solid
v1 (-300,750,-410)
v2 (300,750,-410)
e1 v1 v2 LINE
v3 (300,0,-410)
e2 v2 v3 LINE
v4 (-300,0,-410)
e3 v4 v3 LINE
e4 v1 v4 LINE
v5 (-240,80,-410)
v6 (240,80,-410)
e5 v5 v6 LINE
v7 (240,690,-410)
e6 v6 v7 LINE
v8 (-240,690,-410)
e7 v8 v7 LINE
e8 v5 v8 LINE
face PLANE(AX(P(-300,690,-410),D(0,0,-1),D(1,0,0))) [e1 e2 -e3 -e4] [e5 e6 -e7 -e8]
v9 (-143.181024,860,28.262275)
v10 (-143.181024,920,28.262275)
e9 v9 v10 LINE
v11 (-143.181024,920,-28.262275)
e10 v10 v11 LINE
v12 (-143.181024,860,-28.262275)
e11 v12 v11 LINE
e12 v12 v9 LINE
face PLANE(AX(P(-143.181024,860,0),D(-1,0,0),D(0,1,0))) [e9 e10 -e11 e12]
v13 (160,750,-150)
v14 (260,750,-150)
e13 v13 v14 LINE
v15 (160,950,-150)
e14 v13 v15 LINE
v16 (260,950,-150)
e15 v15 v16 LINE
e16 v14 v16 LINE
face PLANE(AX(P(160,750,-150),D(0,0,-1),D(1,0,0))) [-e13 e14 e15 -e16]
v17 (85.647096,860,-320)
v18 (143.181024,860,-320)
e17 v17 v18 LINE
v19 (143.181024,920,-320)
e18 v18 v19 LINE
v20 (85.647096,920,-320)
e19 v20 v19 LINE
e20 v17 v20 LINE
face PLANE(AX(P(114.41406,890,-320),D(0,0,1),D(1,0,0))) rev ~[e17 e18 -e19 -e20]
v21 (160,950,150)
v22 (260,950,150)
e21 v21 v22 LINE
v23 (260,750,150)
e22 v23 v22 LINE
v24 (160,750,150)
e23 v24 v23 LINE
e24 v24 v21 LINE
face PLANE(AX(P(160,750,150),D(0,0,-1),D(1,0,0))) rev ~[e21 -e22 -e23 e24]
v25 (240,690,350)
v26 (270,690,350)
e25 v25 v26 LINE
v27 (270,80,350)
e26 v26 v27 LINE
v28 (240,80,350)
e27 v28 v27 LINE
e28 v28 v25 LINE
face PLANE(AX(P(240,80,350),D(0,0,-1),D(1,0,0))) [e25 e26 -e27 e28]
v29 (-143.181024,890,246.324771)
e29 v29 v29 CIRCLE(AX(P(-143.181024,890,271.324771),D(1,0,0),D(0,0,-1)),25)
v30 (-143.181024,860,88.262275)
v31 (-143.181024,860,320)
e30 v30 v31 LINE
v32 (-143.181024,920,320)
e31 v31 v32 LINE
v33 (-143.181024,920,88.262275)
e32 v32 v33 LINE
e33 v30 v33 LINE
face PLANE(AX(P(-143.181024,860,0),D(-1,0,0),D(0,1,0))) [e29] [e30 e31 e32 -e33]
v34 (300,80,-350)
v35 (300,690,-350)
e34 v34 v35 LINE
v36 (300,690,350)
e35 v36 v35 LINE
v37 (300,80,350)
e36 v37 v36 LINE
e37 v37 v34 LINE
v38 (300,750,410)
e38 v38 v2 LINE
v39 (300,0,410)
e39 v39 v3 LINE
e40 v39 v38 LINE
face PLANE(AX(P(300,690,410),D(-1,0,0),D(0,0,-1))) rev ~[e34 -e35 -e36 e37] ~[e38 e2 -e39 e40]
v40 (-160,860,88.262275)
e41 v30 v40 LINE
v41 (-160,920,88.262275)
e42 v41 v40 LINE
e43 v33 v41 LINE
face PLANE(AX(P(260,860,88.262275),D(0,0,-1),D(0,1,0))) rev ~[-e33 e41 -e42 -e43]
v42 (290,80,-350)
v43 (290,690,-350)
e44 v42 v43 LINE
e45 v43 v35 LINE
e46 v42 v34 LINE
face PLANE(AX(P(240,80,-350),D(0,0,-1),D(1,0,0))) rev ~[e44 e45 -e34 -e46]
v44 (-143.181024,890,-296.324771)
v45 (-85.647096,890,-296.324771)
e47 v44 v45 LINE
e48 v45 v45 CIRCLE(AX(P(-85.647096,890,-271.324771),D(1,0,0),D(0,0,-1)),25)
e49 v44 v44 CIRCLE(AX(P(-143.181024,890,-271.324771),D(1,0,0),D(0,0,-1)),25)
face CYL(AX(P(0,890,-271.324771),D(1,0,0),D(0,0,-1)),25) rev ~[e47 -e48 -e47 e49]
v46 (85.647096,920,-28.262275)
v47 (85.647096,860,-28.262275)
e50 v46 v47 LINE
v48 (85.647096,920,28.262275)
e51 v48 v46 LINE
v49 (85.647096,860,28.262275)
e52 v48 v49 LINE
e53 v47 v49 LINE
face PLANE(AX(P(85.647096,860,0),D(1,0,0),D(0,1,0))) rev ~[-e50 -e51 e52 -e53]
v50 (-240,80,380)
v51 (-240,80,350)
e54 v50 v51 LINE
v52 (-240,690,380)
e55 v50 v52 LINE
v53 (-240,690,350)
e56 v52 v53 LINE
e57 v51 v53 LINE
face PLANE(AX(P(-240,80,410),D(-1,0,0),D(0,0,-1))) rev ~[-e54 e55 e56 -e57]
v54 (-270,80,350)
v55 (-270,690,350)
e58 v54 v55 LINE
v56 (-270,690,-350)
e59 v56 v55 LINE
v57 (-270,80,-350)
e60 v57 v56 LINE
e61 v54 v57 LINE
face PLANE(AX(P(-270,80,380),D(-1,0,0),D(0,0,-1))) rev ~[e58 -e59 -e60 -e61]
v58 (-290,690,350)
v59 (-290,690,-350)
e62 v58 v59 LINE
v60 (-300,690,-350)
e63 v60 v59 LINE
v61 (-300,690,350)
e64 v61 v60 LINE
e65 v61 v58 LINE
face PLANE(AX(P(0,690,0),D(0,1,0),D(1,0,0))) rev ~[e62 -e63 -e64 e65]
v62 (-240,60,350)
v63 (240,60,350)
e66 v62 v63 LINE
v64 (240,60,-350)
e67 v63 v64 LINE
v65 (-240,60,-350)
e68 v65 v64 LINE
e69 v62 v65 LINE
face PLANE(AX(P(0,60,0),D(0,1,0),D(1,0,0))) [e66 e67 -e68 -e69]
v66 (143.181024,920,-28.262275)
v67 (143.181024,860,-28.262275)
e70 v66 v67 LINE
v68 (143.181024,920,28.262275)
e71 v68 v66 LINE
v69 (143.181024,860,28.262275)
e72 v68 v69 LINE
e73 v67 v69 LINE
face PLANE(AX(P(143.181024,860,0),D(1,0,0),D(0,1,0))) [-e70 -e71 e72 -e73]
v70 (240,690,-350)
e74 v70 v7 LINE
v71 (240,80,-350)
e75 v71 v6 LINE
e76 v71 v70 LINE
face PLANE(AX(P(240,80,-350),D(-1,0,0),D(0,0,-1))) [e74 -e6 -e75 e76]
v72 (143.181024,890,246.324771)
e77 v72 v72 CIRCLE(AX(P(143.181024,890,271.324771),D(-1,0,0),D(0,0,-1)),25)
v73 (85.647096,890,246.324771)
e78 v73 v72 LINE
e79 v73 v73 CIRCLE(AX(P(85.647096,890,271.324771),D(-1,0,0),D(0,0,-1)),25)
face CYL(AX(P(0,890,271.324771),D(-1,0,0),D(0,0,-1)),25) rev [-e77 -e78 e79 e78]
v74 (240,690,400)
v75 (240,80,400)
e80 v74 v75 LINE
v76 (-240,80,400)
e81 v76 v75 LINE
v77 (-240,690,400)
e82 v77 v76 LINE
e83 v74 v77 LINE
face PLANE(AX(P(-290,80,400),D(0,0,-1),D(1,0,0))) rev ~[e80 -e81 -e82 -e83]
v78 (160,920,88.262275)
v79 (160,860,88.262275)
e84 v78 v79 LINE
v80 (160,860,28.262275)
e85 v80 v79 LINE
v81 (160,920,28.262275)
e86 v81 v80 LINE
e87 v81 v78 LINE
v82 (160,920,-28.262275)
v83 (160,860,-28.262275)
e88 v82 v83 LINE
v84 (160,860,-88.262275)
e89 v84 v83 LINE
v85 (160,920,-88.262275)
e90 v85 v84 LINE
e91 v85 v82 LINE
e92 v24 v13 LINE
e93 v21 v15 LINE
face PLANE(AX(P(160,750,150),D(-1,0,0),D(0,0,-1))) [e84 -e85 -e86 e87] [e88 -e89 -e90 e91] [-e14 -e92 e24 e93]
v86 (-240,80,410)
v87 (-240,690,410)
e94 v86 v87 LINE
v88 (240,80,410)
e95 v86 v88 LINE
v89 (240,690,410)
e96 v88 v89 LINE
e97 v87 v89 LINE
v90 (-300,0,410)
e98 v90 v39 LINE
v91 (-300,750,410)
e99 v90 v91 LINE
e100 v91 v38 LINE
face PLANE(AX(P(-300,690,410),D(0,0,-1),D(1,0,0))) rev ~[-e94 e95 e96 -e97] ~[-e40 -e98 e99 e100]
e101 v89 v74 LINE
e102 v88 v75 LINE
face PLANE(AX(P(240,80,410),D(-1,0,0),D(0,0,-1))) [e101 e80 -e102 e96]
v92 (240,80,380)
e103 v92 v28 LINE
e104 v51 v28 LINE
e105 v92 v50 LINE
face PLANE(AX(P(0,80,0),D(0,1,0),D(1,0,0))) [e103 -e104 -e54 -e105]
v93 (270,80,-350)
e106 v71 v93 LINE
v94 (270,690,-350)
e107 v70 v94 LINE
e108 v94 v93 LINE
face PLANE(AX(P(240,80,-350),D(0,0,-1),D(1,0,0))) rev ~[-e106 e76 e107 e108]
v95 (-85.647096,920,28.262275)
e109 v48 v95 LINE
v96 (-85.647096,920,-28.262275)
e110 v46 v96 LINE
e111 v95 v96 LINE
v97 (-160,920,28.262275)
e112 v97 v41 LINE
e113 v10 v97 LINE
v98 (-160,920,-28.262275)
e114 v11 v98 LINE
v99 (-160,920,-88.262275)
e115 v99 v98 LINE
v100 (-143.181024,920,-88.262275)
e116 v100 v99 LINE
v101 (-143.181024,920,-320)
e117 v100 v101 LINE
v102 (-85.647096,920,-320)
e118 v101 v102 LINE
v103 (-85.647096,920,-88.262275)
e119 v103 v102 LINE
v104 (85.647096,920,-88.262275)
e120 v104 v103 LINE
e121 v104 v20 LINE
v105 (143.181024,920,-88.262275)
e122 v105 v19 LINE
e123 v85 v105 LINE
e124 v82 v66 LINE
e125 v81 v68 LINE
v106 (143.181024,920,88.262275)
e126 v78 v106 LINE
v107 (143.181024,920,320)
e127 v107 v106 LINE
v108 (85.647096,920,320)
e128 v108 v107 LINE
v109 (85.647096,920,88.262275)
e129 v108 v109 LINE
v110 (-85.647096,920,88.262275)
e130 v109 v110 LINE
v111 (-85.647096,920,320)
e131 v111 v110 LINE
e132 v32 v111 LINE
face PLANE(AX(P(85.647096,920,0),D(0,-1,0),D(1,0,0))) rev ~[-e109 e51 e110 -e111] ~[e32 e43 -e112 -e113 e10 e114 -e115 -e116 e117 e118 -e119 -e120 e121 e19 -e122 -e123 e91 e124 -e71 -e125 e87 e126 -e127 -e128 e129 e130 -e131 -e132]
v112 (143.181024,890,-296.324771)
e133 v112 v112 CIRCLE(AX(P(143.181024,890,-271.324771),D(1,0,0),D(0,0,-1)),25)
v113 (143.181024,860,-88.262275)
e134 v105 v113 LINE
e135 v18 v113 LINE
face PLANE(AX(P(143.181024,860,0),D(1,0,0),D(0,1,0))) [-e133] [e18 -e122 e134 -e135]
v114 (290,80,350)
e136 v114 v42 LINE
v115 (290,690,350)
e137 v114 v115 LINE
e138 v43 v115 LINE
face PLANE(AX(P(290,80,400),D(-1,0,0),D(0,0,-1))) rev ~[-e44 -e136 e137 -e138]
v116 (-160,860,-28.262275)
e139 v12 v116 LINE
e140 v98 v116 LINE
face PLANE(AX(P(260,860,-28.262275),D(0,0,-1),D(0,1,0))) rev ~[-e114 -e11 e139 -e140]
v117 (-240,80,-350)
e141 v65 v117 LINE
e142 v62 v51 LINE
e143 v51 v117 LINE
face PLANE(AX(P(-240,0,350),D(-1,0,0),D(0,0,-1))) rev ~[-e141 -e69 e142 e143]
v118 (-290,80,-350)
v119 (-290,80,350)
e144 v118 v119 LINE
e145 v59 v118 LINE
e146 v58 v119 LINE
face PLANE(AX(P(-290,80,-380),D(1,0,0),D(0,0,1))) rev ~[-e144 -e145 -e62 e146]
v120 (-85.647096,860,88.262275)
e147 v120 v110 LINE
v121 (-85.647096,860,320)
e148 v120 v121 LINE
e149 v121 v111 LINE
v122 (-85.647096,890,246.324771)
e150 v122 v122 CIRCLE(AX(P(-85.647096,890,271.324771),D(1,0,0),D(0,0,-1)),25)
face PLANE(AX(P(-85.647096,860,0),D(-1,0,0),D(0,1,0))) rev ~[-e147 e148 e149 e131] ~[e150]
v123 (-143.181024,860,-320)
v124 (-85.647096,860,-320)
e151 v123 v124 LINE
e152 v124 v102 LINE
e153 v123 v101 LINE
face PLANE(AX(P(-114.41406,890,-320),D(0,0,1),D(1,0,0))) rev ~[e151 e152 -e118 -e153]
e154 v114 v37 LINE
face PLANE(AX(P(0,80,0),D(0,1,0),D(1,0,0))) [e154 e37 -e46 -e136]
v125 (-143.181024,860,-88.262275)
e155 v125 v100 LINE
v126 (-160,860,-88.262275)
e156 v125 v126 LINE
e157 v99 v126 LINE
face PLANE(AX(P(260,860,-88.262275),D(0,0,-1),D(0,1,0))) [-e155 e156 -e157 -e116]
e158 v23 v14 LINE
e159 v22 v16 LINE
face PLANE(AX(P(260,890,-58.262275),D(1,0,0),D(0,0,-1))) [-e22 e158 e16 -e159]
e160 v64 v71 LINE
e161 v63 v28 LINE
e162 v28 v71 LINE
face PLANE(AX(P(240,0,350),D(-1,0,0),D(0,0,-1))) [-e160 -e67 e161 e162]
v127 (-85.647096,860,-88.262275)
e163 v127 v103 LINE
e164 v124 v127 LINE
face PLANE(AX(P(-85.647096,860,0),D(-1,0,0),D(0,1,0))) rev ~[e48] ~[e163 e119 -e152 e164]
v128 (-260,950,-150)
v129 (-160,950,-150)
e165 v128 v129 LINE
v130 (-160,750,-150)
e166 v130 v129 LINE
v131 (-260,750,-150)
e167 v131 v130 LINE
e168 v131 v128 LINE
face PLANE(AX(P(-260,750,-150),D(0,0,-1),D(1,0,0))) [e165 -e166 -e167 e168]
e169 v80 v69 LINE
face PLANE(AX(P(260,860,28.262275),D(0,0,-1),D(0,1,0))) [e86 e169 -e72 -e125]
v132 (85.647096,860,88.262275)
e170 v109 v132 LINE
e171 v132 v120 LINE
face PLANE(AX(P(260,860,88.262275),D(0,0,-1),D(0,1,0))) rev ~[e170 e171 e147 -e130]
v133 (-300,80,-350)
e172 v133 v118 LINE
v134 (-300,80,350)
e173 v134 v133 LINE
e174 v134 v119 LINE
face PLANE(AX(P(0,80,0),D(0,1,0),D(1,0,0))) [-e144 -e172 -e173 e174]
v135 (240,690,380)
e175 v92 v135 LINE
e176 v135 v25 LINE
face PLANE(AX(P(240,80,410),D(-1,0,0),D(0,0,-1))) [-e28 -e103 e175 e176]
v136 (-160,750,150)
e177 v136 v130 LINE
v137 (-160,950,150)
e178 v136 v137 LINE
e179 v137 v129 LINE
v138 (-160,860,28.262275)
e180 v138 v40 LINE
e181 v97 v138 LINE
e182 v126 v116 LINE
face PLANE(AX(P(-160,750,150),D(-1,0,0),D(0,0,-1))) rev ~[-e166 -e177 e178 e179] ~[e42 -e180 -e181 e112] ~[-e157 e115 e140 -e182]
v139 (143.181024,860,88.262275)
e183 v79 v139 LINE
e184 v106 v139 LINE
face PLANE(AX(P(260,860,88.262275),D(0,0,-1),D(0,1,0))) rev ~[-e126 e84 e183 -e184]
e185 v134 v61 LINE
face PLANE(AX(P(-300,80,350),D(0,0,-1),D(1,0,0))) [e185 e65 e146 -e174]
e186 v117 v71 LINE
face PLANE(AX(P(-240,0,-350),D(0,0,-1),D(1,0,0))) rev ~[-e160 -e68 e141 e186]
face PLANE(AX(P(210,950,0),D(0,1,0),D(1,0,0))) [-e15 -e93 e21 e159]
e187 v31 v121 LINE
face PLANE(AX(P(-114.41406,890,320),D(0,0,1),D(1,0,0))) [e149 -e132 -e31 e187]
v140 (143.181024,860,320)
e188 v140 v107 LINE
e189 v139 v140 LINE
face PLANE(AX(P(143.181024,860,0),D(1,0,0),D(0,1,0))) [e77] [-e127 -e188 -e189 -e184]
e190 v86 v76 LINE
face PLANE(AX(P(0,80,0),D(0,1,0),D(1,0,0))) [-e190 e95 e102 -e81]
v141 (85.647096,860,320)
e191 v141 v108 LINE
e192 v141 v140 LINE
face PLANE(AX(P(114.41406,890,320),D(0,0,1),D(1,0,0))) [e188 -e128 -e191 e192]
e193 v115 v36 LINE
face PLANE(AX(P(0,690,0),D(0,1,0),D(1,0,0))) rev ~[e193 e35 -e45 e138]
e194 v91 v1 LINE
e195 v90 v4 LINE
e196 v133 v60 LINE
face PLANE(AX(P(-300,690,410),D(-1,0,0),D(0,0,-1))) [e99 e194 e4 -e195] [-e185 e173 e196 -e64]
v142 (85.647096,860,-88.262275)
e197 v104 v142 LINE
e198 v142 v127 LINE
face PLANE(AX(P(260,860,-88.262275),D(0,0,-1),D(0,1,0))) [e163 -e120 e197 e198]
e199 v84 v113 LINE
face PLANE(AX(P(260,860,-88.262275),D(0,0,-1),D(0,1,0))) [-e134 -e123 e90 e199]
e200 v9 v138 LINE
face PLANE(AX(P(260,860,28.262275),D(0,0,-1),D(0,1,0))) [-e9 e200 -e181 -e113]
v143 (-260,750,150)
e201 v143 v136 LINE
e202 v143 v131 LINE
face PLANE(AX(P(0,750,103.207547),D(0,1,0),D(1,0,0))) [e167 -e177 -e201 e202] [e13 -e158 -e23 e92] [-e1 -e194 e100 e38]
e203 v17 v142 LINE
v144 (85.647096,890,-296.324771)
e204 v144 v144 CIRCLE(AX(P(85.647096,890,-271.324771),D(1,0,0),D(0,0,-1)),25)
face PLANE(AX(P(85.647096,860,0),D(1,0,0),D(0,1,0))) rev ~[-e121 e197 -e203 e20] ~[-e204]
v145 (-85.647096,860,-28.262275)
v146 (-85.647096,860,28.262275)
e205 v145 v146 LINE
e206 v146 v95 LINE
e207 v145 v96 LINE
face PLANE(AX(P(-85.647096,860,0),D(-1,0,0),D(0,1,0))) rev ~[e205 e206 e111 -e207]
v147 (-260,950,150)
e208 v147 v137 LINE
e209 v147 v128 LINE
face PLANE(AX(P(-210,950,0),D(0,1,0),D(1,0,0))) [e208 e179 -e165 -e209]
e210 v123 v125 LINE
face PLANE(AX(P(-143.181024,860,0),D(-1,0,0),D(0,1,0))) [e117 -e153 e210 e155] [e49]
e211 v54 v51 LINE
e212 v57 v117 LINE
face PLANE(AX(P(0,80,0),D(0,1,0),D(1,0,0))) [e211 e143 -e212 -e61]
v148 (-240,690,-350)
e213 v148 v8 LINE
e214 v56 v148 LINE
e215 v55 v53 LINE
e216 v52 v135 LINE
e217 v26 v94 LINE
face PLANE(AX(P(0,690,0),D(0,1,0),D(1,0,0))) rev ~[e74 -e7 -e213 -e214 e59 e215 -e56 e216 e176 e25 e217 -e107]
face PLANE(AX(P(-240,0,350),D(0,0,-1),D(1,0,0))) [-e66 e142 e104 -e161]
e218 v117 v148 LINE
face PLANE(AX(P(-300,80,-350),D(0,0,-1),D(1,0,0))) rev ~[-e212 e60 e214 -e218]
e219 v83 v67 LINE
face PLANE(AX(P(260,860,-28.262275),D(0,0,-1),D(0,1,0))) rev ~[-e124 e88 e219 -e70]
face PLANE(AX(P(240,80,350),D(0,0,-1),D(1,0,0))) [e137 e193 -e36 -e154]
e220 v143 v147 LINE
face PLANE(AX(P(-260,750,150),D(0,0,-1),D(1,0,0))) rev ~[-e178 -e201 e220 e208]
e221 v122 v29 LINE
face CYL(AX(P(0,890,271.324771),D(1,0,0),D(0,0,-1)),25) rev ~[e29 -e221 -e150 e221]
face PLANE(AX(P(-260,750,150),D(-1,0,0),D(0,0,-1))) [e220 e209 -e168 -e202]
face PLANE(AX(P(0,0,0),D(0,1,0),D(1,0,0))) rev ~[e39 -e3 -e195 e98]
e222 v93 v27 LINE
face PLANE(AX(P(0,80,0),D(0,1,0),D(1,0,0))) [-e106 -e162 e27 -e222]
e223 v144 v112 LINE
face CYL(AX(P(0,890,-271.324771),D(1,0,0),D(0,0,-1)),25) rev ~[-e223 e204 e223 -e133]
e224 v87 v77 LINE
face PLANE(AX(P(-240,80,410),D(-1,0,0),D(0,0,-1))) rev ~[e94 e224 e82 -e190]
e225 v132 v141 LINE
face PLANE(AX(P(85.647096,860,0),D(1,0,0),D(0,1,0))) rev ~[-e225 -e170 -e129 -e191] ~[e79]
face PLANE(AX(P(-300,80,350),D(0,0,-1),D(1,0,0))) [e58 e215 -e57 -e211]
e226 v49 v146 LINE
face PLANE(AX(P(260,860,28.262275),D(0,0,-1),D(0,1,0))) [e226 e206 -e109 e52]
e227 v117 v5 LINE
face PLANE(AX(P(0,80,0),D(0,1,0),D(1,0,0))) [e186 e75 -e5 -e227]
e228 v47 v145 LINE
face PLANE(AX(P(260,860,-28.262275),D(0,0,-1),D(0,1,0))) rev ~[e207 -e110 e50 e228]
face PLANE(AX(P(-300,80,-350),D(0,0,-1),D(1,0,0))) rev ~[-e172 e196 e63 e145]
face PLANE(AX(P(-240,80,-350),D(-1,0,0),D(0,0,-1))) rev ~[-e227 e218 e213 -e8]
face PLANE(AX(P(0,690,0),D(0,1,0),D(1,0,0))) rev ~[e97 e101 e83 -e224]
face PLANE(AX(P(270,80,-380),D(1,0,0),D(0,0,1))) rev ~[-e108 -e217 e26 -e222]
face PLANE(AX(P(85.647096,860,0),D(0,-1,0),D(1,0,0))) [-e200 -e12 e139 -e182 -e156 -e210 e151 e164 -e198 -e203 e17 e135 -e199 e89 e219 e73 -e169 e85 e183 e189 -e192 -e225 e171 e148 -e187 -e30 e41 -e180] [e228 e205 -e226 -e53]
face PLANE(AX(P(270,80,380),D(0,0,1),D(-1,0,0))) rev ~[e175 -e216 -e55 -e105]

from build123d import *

# Parameters (mm, degrees)
SKETCH2_W            = 480
SKETCH2_H            = 700
BOSS_EXTRUDE1_DEPTH  = 60
SKETCH3_W            = 600
SKETCH3_H            = 820
SKETCH3_W_2          = 480
SKETCH3_H_2          = 700
BOSS_EXTRUDE4_DEPTH  = 80
SKETCH5_W            = 60
SKETCH5_H            = 60
BOSS_EXTRUDE5_DEPTH  = 610
SKETCH7_W            = 600
SKETCH7_H            = 820
BOSS_EXTRUDE6_DEPTH  = 60
BOSS_EXTRUDE7_DEPTH  = 670
SKETCH21_W           = 100
SKETCH21_H           = 300
BOSS_EXTRUDE13_DEPTH = 200
SKETCH28_W           = 60
SKETCH28_H           = 60
BOSS_EXTRUDE18_DEPTH = 520
SKETCH29_W           = 57.5339273
SKETCH29_H           = 60
BOSS_EXTRUDE19_DEPTH = 320
SKETCH30_R           = 25
CUT_EXTRUDE1_DEPTH   = 320


with BuildPart() as part:
    # Sketch2 → Boss-Extrude1 (new body)
    with BuildSketch(Plane(origin=(0, 0, 0), x_dir=(1, 0, 0), z_dir=(0, 1, 0))):
        Rectangle(SKETCH2_W, SKETCH2_H)
    extrude(amount=BOSS_EXTRUDE1_DEPTH)

    # Sketch3 → Boss-Extrude4 (add)
    with BuildSketch(Plane(origin=(0, 0, 0), x_dir=(1, 0, 0), z_dir=(0, 1, 0))):
        Rectangle(SKETCH3_W, SKETCH3_H)
        Rectangle(SKETCH3_W_2, SKETCH3_H_2, mode=Mode.SUBTRACT)
    extrude(amount=BOSS_EXTRUDE4_DEPTH)

    # Sketch5 → Boss-Extrude5 (add)
    with BuildSketch(Plane(origin=(0, 80, 0), x_dir=(1, 0, 0), z_dir=(0, 1, 0))):
        with Locations((270, 380)):
            Rectangle(SKETCH5_W, SKETCH5_H)
        with Locations((-270, 380)):
            Rectangle(SKETCH5_W, SKETCH5_H)
        with Locations((270, -380)):
            Rectangle(SKETCH5_W, SKETCH5_H)
        with Locations((-270, -380)):
            Rectangle(SKETCH5_W, SKETCH5_H)
    extrude(amount=BOSS_EXTRUDE5_DEPTH)

    # Sketch7 → Boss-Extrude6 (add)
    with BuildSketch(Plane(origin=(0, 690, 0), x_dir=(1, 0, 0), z_dir=(0, 1, 0))):
        Rectangle(SKETCH7_W, SKETCH7_H)
    extrude(amount=BOSS_EXTRUDE6_DEPTH)

    # Sketch10 → Boss-Extrude7 (add)
    with BuildSketch(Plane(origin=(0, 80, 0), x_dir=(1, 0, 0), z_dir=(0, 1, 0))):
        Polygon((270, -380), (-270, -380), (-270, 380), (-290, 380), (-290, -400), (290, -400), (290, 380), (270, 380), align=None)
    extrude(amount=BOSS_EXTRUDE7_DEPTH)

    # Sketch21 → Boss-Extrude13 (add)
    with BuildSketch(Plane(origin=(0, 750, 0), x_dir=(1, 0, 0), z_dir=(0, 1, 0))):
        with Locations((-210, 0)):
            Rectangle(SKETCH21_W, SKETCH21_H)
        with Locations((210, 0)):
            Rectangle(SKETCH21_W, SKETCH21_H)
    extrude(amount=BOSS_EXTRUDE13_DEPTH)

    # Sketch28 → Boss-Extrude18 (add)
    with BuildSketch(Plane(origin=(260, 0, 0), x_dir=(0, 0, -1), z_dir=(1, 0, 0))):
        with Locations((58.262274835, 890)):
            Rectangle(SKETCH28_W, SKETCH28_H)
        with Locations((-58.262274835, 890)):
            Rectangle(SKETCH28_W, SKETCH28_H)
    extrude(amount=-BOSS_EXTRUDE18_DEPTH)

    # Sketch29 → Boss-Extrude19 (add, symmetric)
    with BuildSketch(Plane.XY):
        with Locations((-114.414059972, 890)):
            Rectangle(SKETCH29_W, SKETCH29_H)
        with Locations((114.414059972, 890)):
            Rectangle(SKETCH29_W, SKETCH29_H)
    extrude(amount=BOSS_EXTRUDE19_DEPTH, both=True)

    # Sketch30 → Cut-Extrude1 (cut, symmetric)
    with BuildSketch(Plane(origin=(0, 0, 0), x_dir=(0, 0, -1), z_dir=(1, 0, 0))):
        with Locations((-271.32477079, 890)):
            Circle(SKETCH30_R)
        with Locations((271.32477079, 890)):
            Circle(SKETCH30_R)
    extrude(amount=CUT_EXTRUDE1_DEPTH, both=True, mode=Mode.SUBTRACT)


solid = part.part
